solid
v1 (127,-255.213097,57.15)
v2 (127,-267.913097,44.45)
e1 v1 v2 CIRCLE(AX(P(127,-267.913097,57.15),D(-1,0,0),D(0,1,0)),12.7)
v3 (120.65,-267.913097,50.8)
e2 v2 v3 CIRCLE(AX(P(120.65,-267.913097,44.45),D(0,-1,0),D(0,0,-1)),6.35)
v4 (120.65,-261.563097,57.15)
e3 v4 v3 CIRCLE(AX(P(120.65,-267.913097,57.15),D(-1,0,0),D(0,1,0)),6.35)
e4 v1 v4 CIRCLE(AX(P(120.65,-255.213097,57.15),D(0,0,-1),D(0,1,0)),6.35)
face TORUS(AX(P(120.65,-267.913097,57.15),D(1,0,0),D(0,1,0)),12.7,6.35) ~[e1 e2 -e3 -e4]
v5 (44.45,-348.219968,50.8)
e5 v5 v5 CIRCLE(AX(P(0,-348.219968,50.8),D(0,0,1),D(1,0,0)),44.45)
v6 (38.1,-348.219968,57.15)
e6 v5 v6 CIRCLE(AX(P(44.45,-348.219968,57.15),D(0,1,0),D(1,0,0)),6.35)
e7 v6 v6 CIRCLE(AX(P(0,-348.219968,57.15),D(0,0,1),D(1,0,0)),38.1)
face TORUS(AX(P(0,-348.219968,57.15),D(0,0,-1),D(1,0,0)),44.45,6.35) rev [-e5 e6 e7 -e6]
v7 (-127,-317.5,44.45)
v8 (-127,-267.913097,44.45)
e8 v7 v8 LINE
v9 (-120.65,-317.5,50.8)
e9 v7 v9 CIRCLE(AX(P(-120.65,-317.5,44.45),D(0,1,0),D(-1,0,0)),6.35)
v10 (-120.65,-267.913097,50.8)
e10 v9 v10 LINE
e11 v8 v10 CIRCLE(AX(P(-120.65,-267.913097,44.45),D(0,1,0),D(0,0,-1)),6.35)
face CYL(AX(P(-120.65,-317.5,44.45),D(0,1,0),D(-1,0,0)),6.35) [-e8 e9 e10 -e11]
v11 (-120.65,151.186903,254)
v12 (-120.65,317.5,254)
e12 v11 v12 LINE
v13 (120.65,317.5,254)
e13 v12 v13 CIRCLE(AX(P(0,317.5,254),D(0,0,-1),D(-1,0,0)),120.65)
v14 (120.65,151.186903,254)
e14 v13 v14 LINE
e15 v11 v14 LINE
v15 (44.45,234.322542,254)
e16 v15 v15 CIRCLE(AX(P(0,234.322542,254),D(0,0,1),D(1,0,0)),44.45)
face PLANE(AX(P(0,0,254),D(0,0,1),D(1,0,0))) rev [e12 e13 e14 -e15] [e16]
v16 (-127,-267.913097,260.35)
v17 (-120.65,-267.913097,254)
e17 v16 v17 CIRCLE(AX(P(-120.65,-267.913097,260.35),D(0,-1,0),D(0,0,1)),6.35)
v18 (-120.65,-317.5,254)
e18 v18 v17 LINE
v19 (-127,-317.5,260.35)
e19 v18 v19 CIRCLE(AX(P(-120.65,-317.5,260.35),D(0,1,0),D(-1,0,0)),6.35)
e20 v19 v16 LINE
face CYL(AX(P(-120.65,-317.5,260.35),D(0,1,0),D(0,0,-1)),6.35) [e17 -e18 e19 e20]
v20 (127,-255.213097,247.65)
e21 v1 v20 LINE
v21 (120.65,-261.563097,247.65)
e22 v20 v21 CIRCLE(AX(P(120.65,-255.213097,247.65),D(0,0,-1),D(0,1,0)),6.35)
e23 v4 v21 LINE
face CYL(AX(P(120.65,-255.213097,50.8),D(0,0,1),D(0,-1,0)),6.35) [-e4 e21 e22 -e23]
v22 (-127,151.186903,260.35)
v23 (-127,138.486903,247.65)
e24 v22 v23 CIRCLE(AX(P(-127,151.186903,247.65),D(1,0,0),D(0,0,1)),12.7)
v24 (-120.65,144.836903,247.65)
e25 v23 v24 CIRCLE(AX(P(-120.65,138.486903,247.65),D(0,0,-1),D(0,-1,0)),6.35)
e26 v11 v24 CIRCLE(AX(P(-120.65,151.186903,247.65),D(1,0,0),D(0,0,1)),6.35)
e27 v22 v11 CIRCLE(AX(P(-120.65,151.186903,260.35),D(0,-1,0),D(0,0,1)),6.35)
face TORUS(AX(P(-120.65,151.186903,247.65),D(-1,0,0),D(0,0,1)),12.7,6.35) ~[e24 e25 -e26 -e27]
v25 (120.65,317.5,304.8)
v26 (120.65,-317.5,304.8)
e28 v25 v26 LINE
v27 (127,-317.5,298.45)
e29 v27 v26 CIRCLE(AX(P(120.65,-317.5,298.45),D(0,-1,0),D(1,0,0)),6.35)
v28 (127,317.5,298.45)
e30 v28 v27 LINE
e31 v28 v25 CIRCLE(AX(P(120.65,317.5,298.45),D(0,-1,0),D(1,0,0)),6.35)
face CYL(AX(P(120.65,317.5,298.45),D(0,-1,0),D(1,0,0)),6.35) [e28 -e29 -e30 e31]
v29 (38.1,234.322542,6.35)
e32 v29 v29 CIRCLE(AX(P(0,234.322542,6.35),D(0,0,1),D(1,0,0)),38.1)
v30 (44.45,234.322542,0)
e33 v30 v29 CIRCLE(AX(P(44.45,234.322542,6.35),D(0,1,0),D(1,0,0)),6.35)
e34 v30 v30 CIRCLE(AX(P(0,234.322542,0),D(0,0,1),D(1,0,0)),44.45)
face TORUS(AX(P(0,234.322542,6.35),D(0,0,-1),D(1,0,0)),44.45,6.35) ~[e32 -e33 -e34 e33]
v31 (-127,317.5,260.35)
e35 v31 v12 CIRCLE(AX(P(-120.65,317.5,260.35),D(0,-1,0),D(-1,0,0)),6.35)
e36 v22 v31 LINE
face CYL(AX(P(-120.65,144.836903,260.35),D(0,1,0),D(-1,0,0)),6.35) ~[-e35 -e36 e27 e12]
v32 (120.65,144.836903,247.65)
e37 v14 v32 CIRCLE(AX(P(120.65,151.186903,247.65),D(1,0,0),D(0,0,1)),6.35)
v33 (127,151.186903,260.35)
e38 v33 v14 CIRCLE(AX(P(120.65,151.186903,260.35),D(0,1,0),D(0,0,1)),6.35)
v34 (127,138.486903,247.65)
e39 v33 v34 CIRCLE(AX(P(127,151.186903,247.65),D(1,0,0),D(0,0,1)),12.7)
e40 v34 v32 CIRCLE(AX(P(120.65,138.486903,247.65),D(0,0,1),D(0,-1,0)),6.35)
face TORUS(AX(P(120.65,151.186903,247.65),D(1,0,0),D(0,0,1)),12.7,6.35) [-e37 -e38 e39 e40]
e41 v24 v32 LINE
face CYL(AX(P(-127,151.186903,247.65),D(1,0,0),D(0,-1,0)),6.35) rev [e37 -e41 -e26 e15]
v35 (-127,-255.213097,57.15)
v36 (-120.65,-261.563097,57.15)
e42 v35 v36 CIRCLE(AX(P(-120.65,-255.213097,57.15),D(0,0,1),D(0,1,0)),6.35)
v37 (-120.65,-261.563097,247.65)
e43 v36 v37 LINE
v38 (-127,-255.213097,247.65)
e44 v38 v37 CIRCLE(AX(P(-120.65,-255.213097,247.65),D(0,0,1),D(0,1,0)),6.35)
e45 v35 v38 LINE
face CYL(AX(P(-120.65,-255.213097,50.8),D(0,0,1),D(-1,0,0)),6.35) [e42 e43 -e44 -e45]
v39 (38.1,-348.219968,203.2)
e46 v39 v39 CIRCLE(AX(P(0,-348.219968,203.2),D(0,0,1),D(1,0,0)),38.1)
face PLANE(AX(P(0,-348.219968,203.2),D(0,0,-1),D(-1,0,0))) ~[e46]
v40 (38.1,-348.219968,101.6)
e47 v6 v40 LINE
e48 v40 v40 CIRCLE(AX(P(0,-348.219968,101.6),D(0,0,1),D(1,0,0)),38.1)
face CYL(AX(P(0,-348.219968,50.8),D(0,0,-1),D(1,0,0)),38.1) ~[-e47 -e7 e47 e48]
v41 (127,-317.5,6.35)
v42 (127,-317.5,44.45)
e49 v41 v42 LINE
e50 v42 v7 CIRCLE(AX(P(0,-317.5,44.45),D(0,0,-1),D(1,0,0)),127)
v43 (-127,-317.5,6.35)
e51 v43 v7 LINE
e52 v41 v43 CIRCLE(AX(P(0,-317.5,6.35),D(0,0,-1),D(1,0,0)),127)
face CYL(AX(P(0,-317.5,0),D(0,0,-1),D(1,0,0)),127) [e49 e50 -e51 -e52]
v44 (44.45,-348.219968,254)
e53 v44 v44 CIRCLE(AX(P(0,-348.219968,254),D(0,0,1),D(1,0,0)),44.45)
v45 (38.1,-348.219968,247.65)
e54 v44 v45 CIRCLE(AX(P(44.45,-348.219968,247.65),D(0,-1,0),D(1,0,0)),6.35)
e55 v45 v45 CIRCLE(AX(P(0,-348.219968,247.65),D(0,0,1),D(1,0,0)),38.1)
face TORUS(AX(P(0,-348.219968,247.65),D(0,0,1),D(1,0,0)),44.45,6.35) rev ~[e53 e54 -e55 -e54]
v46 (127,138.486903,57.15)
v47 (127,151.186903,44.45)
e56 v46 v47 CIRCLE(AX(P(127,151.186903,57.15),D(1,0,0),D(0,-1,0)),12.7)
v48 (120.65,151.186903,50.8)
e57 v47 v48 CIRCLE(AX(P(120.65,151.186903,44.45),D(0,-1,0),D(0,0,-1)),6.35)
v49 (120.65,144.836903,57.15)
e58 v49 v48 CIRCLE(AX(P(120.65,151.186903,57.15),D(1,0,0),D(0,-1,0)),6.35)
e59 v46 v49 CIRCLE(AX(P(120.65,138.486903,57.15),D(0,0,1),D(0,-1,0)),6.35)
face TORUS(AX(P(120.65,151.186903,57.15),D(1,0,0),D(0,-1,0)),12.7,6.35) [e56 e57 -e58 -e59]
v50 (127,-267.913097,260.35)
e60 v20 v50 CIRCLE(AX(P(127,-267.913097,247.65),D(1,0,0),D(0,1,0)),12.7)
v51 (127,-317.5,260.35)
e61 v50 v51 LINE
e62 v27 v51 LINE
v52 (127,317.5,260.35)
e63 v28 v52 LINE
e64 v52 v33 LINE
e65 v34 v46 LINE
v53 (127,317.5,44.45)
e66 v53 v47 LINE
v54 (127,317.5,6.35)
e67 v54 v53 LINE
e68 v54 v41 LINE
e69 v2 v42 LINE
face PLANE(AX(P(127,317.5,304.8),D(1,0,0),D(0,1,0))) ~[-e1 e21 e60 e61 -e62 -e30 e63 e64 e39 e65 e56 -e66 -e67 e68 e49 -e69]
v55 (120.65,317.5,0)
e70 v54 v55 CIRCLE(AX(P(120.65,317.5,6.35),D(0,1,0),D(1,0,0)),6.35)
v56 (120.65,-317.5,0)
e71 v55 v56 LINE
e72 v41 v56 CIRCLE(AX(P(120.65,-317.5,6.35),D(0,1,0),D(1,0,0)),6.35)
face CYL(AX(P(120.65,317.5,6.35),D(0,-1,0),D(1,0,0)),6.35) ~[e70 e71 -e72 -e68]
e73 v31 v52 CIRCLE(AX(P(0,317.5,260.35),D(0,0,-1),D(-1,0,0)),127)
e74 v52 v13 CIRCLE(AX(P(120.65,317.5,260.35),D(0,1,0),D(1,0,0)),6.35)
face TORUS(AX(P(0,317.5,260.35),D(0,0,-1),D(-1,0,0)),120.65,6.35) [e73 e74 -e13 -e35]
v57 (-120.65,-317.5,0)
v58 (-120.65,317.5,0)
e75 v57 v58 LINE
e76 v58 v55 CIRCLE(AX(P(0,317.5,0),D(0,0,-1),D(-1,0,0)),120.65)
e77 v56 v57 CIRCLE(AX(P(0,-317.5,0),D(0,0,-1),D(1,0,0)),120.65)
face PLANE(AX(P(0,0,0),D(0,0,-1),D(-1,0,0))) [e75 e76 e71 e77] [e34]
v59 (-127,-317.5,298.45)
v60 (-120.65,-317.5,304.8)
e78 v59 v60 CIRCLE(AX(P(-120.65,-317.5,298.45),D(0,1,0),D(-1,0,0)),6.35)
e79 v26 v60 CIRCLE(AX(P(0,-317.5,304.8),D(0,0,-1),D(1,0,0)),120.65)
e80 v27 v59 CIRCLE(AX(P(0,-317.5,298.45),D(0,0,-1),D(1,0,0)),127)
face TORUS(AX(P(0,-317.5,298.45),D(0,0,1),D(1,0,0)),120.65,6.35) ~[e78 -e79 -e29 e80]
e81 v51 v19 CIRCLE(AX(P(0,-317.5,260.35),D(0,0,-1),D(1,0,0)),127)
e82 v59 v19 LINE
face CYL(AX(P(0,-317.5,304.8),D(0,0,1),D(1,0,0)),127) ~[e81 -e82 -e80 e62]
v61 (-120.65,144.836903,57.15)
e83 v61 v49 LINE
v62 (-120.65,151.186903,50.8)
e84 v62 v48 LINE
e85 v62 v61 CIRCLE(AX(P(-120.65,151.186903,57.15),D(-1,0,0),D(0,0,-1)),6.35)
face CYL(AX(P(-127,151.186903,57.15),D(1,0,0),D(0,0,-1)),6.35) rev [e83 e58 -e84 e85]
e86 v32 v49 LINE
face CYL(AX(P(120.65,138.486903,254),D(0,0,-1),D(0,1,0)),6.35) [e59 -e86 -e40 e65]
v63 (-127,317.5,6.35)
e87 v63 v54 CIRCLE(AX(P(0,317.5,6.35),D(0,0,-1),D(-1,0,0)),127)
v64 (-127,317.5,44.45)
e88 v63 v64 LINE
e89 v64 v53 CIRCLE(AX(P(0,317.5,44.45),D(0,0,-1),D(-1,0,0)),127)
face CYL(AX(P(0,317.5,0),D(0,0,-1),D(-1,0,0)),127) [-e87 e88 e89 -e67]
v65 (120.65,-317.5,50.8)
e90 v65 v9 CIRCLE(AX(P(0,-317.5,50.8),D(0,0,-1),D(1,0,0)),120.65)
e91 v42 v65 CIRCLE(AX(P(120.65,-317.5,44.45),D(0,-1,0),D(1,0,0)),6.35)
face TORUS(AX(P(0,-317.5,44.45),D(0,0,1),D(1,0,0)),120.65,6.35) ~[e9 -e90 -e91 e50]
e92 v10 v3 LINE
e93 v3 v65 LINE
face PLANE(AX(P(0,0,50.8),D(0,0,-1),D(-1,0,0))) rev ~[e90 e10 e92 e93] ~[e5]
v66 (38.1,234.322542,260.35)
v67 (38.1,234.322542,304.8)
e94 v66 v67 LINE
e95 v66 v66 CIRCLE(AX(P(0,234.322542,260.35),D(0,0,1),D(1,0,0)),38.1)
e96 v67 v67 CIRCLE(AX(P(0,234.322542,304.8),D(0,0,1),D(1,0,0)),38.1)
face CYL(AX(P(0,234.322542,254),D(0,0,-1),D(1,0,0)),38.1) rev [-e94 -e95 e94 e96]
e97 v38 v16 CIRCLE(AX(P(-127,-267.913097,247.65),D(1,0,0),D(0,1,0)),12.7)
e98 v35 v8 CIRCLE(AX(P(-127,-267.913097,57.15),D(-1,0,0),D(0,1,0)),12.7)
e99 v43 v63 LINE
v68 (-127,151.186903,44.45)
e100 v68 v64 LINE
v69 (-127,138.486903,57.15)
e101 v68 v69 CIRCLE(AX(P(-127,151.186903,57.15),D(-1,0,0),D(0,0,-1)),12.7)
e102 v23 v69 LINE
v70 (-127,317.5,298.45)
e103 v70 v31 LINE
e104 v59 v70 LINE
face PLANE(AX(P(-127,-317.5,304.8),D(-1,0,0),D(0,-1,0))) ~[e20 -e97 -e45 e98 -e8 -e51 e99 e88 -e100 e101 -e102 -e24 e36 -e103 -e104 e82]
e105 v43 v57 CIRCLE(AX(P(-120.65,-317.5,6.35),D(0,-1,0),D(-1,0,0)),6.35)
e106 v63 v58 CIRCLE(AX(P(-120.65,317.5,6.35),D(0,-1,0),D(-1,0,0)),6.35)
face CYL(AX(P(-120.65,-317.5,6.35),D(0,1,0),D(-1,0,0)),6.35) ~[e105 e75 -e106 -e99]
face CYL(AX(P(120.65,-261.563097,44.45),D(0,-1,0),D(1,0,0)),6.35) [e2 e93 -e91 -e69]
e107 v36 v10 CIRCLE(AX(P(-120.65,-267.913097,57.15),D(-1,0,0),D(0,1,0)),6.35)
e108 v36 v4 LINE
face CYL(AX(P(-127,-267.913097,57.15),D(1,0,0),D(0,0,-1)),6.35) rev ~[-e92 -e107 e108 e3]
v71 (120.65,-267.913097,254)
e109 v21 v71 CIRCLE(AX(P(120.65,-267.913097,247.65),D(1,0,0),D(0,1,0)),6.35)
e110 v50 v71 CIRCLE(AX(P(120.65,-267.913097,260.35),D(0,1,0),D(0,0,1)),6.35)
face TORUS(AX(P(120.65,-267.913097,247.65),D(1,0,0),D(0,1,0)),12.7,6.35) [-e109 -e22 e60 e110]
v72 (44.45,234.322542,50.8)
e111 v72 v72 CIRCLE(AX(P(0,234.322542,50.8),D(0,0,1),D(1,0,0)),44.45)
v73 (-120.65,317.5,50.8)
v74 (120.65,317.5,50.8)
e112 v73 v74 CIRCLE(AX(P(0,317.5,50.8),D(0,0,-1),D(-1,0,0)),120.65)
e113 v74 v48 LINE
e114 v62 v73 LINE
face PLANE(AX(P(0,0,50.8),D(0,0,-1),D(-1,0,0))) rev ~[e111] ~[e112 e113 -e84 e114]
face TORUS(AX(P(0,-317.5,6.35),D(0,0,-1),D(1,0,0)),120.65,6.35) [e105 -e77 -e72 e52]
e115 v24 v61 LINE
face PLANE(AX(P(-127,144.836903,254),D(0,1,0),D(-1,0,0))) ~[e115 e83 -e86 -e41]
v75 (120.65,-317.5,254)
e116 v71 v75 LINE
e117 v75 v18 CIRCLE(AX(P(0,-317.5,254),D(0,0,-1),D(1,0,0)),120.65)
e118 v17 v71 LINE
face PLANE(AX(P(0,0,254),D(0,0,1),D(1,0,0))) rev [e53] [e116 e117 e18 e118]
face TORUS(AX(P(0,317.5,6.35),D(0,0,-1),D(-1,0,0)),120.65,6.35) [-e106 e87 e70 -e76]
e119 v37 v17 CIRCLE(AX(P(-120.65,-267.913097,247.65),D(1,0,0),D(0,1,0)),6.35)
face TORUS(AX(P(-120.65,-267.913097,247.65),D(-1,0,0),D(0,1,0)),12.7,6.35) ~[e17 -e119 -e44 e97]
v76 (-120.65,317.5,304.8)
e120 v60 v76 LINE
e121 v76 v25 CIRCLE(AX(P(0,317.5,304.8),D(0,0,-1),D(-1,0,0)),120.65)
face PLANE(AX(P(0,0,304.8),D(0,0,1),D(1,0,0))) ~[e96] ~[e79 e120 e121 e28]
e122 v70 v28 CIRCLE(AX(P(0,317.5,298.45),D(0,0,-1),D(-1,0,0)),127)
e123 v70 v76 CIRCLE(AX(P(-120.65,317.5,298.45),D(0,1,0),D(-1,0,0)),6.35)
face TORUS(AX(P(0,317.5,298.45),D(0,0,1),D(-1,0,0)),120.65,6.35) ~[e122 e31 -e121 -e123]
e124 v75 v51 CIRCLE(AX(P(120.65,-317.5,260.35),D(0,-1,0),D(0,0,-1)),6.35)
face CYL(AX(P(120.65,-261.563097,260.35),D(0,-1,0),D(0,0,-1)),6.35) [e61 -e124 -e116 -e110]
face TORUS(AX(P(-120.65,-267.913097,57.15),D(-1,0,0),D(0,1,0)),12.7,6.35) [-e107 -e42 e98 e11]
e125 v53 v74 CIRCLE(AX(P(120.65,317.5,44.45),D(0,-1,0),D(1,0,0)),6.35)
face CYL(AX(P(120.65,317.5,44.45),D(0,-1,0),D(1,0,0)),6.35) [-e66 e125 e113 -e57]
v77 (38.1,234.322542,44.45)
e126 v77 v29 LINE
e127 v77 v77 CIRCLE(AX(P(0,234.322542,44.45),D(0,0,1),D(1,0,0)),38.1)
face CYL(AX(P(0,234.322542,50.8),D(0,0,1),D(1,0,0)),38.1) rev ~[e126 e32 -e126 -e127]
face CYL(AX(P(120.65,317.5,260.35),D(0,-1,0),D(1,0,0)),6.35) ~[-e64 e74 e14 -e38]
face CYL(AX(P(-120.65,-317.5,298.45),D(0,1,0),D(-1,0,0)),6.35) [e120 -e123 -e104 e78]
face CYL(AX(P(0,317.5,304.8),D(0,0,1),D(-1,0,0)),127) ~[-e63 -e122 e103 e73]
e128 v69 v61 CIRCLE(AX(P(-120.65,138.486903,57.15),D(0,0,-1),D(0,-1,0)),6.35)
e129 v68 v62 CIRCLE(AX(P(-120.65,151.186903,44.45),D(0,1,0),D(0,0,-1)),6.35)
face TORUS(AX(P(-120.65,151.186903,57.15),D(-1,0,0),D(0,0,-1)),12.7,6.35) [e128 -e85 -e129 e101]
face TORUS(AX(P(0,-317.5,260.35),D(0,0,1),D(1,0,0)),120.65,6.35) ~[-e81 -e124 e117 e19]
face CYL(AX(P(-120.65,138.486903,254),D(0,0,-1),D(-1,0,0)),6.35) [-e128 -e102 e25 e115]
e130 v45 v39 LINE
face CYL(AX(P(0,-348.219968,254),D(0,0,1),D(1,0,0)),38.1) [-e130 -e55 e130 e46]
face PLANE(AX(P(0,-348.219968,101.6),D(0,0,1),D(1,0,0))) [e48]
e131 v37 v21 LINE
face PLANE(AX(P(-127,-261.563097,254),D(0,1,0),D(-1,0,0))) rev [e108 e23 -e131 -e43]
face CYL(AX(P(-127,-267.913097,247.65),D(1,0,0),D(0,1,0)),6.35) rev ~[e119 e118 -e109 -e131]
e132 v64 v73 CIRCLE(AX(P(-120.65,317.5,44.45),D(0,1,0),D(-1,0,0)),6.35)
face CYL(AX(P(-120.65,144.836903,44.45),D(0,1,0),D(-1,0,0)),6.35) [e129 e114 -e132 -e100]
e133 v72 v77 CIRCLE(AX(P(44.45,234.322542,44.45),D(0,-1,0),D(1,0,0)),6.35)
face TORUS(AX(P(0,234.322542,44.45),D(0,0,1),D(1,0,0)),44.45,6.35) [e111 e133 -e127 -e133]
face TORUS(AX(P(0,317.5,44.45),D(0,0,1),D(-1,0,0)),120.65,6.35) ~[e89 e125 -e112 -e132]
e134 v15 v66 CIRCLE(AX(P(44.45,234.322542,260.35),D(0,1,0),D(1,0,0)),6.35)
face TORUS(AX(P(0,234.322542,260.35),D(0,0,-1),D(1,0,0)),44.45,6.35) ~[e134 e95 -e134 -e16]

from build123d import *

# Parameters (mm, degrees)
BOSS_EXTRUDE1_DEPTH = 50.8
SKETCH3_R           = 38.1
CUT_EXTRUDE1_DEPTH  = 101.6
SKETCH6_W           = 254
SKETCH6_H           = 406.4
BOSS_EXTRUDE5_DEPTH = 101.6
SKETCH7_R           = 38.1
BOSS_EXTRUDE6_DEPTH = 50.8
FILLET1_R           = 6.35
FILLET2_R           = 6.35
FILLET3_R           = 6.35


with BuildPart() as part:
    # Sketch1 → Boss-Extrude1 (new body)
    with BuildSketch(Plane.XY):
        with BuildLine():
            Line((-127, -317.5), (-127, 317.5))
            ThreePointArc((-127, 317.5), (0, 444.5), (127, 317.5))
            Line((127, 317.5), (127, -317.5))
            ThreePointArc((127, -317.5), (0, -444.5), (-127, -317.5))
        make_face()
    extrude(amount=BOSS_EXTRUDE1_DEPTH)

    # Sketch3 → Cut-Extrude1 (cut)
    with BuildSketch(Plane.XY.offset(50.8)):
        with Locations((0, 234.322541714)):
            Circle(SKETCH3_R)
    extrude(amount=-CUT_EXTRUDE1_DEPTH, mode=Mode.SUBTRACT)

    # Sketch6 → Boss-Extrude5 (add)
    with BuildSketch(Plane.XY.offset(50.8)):
        with Locations((0, -58.363097233)):
            Rectangle(SKETCH6_W, SKETCH6_H)
    extrude(amount=BOSS_EXTRUDE5_DEPTH)

    # Sketch7 → Boss-Extrude6 (add)
    with BuildSketch(Plane.XY.offset(50.8)):
        with Locations((0, -348.219968447)):
            Circle(SKETCH7_R)
    extrude(amount=BOSS_EXTRUDE6_DEPTH)

    # Mirror3: part across plane


with BuildPart() as part_1:
    add(part.part)
    add(part.part.mirror(Plane(origin=(0, 0, 152.4), x_dir=(1, 0, 0), z_dir=(0, 0, -1))))

    # Fillet1
    fillet1_edges = [part_1.edges().sort_by_distance(p)[0] for p in [
        (-127, 0, 304.8),
        (0, -444.5, 304.8),
        (127, 0, 304.8),
        (0, 444.5, 304.8),
    ]]
    fillet(fillet1_edges, radius=FILLET1_R)

    # Fillet2
    fillet2_edges = [part_1.edges().sort_by_distance(p)[0] for p in [
        (-38.1, 234.322541714, 0),
        (-127, 0, 0),
        (0, 444.5, 0),
        (127, 0, 0),
        (0, -444.5, 0),
    ]]
    fillet(fillet2_edges, radius=FILLET2_R)

    # Fillet3
    fillet3_edges = [part_1.edges().sort_by_distance(p)[0] for p in [
        (0, 444.5, 50.8),
        (-38.1, 234.322541714, 50.8),
        (-127, -289.531548617, 50.8),
        (127, 231.168451383, 50.8),
        (-127, 231.168451383, 50.8),
        (-127, 144.836902767, 152.4),
        (0, -261.563097233, 50.8),
        (-127, -261.563097233, 152.4),
        (127, -261.563097233, 152.4),
        (0, 144.836902767, 50.8),
        (127, 144.836902767, 152.4),
        (-38.1, -348.219968447, 50.8),
        (0, 144.836902767, 254),
        (-127, 231.168451383, 254),
        (-38.1, 234.322541714, 254),
        (0, -444.5, 254),
        (127, -289.531548617, 254),
        (127, 231.168451383, 254),
        (0, 444.5, 254),
        (-38.1, -348.219968447, 254),
        (0, -261.563097233, 254),
        (-127, -289.531548617, 254),
        (0, -444.5, 50.8),
        (127, -289.531548617, 50.8),
    ]]
    fillet(fillet3_edges, radius=FILLET3_R)


solid = part_1.part
